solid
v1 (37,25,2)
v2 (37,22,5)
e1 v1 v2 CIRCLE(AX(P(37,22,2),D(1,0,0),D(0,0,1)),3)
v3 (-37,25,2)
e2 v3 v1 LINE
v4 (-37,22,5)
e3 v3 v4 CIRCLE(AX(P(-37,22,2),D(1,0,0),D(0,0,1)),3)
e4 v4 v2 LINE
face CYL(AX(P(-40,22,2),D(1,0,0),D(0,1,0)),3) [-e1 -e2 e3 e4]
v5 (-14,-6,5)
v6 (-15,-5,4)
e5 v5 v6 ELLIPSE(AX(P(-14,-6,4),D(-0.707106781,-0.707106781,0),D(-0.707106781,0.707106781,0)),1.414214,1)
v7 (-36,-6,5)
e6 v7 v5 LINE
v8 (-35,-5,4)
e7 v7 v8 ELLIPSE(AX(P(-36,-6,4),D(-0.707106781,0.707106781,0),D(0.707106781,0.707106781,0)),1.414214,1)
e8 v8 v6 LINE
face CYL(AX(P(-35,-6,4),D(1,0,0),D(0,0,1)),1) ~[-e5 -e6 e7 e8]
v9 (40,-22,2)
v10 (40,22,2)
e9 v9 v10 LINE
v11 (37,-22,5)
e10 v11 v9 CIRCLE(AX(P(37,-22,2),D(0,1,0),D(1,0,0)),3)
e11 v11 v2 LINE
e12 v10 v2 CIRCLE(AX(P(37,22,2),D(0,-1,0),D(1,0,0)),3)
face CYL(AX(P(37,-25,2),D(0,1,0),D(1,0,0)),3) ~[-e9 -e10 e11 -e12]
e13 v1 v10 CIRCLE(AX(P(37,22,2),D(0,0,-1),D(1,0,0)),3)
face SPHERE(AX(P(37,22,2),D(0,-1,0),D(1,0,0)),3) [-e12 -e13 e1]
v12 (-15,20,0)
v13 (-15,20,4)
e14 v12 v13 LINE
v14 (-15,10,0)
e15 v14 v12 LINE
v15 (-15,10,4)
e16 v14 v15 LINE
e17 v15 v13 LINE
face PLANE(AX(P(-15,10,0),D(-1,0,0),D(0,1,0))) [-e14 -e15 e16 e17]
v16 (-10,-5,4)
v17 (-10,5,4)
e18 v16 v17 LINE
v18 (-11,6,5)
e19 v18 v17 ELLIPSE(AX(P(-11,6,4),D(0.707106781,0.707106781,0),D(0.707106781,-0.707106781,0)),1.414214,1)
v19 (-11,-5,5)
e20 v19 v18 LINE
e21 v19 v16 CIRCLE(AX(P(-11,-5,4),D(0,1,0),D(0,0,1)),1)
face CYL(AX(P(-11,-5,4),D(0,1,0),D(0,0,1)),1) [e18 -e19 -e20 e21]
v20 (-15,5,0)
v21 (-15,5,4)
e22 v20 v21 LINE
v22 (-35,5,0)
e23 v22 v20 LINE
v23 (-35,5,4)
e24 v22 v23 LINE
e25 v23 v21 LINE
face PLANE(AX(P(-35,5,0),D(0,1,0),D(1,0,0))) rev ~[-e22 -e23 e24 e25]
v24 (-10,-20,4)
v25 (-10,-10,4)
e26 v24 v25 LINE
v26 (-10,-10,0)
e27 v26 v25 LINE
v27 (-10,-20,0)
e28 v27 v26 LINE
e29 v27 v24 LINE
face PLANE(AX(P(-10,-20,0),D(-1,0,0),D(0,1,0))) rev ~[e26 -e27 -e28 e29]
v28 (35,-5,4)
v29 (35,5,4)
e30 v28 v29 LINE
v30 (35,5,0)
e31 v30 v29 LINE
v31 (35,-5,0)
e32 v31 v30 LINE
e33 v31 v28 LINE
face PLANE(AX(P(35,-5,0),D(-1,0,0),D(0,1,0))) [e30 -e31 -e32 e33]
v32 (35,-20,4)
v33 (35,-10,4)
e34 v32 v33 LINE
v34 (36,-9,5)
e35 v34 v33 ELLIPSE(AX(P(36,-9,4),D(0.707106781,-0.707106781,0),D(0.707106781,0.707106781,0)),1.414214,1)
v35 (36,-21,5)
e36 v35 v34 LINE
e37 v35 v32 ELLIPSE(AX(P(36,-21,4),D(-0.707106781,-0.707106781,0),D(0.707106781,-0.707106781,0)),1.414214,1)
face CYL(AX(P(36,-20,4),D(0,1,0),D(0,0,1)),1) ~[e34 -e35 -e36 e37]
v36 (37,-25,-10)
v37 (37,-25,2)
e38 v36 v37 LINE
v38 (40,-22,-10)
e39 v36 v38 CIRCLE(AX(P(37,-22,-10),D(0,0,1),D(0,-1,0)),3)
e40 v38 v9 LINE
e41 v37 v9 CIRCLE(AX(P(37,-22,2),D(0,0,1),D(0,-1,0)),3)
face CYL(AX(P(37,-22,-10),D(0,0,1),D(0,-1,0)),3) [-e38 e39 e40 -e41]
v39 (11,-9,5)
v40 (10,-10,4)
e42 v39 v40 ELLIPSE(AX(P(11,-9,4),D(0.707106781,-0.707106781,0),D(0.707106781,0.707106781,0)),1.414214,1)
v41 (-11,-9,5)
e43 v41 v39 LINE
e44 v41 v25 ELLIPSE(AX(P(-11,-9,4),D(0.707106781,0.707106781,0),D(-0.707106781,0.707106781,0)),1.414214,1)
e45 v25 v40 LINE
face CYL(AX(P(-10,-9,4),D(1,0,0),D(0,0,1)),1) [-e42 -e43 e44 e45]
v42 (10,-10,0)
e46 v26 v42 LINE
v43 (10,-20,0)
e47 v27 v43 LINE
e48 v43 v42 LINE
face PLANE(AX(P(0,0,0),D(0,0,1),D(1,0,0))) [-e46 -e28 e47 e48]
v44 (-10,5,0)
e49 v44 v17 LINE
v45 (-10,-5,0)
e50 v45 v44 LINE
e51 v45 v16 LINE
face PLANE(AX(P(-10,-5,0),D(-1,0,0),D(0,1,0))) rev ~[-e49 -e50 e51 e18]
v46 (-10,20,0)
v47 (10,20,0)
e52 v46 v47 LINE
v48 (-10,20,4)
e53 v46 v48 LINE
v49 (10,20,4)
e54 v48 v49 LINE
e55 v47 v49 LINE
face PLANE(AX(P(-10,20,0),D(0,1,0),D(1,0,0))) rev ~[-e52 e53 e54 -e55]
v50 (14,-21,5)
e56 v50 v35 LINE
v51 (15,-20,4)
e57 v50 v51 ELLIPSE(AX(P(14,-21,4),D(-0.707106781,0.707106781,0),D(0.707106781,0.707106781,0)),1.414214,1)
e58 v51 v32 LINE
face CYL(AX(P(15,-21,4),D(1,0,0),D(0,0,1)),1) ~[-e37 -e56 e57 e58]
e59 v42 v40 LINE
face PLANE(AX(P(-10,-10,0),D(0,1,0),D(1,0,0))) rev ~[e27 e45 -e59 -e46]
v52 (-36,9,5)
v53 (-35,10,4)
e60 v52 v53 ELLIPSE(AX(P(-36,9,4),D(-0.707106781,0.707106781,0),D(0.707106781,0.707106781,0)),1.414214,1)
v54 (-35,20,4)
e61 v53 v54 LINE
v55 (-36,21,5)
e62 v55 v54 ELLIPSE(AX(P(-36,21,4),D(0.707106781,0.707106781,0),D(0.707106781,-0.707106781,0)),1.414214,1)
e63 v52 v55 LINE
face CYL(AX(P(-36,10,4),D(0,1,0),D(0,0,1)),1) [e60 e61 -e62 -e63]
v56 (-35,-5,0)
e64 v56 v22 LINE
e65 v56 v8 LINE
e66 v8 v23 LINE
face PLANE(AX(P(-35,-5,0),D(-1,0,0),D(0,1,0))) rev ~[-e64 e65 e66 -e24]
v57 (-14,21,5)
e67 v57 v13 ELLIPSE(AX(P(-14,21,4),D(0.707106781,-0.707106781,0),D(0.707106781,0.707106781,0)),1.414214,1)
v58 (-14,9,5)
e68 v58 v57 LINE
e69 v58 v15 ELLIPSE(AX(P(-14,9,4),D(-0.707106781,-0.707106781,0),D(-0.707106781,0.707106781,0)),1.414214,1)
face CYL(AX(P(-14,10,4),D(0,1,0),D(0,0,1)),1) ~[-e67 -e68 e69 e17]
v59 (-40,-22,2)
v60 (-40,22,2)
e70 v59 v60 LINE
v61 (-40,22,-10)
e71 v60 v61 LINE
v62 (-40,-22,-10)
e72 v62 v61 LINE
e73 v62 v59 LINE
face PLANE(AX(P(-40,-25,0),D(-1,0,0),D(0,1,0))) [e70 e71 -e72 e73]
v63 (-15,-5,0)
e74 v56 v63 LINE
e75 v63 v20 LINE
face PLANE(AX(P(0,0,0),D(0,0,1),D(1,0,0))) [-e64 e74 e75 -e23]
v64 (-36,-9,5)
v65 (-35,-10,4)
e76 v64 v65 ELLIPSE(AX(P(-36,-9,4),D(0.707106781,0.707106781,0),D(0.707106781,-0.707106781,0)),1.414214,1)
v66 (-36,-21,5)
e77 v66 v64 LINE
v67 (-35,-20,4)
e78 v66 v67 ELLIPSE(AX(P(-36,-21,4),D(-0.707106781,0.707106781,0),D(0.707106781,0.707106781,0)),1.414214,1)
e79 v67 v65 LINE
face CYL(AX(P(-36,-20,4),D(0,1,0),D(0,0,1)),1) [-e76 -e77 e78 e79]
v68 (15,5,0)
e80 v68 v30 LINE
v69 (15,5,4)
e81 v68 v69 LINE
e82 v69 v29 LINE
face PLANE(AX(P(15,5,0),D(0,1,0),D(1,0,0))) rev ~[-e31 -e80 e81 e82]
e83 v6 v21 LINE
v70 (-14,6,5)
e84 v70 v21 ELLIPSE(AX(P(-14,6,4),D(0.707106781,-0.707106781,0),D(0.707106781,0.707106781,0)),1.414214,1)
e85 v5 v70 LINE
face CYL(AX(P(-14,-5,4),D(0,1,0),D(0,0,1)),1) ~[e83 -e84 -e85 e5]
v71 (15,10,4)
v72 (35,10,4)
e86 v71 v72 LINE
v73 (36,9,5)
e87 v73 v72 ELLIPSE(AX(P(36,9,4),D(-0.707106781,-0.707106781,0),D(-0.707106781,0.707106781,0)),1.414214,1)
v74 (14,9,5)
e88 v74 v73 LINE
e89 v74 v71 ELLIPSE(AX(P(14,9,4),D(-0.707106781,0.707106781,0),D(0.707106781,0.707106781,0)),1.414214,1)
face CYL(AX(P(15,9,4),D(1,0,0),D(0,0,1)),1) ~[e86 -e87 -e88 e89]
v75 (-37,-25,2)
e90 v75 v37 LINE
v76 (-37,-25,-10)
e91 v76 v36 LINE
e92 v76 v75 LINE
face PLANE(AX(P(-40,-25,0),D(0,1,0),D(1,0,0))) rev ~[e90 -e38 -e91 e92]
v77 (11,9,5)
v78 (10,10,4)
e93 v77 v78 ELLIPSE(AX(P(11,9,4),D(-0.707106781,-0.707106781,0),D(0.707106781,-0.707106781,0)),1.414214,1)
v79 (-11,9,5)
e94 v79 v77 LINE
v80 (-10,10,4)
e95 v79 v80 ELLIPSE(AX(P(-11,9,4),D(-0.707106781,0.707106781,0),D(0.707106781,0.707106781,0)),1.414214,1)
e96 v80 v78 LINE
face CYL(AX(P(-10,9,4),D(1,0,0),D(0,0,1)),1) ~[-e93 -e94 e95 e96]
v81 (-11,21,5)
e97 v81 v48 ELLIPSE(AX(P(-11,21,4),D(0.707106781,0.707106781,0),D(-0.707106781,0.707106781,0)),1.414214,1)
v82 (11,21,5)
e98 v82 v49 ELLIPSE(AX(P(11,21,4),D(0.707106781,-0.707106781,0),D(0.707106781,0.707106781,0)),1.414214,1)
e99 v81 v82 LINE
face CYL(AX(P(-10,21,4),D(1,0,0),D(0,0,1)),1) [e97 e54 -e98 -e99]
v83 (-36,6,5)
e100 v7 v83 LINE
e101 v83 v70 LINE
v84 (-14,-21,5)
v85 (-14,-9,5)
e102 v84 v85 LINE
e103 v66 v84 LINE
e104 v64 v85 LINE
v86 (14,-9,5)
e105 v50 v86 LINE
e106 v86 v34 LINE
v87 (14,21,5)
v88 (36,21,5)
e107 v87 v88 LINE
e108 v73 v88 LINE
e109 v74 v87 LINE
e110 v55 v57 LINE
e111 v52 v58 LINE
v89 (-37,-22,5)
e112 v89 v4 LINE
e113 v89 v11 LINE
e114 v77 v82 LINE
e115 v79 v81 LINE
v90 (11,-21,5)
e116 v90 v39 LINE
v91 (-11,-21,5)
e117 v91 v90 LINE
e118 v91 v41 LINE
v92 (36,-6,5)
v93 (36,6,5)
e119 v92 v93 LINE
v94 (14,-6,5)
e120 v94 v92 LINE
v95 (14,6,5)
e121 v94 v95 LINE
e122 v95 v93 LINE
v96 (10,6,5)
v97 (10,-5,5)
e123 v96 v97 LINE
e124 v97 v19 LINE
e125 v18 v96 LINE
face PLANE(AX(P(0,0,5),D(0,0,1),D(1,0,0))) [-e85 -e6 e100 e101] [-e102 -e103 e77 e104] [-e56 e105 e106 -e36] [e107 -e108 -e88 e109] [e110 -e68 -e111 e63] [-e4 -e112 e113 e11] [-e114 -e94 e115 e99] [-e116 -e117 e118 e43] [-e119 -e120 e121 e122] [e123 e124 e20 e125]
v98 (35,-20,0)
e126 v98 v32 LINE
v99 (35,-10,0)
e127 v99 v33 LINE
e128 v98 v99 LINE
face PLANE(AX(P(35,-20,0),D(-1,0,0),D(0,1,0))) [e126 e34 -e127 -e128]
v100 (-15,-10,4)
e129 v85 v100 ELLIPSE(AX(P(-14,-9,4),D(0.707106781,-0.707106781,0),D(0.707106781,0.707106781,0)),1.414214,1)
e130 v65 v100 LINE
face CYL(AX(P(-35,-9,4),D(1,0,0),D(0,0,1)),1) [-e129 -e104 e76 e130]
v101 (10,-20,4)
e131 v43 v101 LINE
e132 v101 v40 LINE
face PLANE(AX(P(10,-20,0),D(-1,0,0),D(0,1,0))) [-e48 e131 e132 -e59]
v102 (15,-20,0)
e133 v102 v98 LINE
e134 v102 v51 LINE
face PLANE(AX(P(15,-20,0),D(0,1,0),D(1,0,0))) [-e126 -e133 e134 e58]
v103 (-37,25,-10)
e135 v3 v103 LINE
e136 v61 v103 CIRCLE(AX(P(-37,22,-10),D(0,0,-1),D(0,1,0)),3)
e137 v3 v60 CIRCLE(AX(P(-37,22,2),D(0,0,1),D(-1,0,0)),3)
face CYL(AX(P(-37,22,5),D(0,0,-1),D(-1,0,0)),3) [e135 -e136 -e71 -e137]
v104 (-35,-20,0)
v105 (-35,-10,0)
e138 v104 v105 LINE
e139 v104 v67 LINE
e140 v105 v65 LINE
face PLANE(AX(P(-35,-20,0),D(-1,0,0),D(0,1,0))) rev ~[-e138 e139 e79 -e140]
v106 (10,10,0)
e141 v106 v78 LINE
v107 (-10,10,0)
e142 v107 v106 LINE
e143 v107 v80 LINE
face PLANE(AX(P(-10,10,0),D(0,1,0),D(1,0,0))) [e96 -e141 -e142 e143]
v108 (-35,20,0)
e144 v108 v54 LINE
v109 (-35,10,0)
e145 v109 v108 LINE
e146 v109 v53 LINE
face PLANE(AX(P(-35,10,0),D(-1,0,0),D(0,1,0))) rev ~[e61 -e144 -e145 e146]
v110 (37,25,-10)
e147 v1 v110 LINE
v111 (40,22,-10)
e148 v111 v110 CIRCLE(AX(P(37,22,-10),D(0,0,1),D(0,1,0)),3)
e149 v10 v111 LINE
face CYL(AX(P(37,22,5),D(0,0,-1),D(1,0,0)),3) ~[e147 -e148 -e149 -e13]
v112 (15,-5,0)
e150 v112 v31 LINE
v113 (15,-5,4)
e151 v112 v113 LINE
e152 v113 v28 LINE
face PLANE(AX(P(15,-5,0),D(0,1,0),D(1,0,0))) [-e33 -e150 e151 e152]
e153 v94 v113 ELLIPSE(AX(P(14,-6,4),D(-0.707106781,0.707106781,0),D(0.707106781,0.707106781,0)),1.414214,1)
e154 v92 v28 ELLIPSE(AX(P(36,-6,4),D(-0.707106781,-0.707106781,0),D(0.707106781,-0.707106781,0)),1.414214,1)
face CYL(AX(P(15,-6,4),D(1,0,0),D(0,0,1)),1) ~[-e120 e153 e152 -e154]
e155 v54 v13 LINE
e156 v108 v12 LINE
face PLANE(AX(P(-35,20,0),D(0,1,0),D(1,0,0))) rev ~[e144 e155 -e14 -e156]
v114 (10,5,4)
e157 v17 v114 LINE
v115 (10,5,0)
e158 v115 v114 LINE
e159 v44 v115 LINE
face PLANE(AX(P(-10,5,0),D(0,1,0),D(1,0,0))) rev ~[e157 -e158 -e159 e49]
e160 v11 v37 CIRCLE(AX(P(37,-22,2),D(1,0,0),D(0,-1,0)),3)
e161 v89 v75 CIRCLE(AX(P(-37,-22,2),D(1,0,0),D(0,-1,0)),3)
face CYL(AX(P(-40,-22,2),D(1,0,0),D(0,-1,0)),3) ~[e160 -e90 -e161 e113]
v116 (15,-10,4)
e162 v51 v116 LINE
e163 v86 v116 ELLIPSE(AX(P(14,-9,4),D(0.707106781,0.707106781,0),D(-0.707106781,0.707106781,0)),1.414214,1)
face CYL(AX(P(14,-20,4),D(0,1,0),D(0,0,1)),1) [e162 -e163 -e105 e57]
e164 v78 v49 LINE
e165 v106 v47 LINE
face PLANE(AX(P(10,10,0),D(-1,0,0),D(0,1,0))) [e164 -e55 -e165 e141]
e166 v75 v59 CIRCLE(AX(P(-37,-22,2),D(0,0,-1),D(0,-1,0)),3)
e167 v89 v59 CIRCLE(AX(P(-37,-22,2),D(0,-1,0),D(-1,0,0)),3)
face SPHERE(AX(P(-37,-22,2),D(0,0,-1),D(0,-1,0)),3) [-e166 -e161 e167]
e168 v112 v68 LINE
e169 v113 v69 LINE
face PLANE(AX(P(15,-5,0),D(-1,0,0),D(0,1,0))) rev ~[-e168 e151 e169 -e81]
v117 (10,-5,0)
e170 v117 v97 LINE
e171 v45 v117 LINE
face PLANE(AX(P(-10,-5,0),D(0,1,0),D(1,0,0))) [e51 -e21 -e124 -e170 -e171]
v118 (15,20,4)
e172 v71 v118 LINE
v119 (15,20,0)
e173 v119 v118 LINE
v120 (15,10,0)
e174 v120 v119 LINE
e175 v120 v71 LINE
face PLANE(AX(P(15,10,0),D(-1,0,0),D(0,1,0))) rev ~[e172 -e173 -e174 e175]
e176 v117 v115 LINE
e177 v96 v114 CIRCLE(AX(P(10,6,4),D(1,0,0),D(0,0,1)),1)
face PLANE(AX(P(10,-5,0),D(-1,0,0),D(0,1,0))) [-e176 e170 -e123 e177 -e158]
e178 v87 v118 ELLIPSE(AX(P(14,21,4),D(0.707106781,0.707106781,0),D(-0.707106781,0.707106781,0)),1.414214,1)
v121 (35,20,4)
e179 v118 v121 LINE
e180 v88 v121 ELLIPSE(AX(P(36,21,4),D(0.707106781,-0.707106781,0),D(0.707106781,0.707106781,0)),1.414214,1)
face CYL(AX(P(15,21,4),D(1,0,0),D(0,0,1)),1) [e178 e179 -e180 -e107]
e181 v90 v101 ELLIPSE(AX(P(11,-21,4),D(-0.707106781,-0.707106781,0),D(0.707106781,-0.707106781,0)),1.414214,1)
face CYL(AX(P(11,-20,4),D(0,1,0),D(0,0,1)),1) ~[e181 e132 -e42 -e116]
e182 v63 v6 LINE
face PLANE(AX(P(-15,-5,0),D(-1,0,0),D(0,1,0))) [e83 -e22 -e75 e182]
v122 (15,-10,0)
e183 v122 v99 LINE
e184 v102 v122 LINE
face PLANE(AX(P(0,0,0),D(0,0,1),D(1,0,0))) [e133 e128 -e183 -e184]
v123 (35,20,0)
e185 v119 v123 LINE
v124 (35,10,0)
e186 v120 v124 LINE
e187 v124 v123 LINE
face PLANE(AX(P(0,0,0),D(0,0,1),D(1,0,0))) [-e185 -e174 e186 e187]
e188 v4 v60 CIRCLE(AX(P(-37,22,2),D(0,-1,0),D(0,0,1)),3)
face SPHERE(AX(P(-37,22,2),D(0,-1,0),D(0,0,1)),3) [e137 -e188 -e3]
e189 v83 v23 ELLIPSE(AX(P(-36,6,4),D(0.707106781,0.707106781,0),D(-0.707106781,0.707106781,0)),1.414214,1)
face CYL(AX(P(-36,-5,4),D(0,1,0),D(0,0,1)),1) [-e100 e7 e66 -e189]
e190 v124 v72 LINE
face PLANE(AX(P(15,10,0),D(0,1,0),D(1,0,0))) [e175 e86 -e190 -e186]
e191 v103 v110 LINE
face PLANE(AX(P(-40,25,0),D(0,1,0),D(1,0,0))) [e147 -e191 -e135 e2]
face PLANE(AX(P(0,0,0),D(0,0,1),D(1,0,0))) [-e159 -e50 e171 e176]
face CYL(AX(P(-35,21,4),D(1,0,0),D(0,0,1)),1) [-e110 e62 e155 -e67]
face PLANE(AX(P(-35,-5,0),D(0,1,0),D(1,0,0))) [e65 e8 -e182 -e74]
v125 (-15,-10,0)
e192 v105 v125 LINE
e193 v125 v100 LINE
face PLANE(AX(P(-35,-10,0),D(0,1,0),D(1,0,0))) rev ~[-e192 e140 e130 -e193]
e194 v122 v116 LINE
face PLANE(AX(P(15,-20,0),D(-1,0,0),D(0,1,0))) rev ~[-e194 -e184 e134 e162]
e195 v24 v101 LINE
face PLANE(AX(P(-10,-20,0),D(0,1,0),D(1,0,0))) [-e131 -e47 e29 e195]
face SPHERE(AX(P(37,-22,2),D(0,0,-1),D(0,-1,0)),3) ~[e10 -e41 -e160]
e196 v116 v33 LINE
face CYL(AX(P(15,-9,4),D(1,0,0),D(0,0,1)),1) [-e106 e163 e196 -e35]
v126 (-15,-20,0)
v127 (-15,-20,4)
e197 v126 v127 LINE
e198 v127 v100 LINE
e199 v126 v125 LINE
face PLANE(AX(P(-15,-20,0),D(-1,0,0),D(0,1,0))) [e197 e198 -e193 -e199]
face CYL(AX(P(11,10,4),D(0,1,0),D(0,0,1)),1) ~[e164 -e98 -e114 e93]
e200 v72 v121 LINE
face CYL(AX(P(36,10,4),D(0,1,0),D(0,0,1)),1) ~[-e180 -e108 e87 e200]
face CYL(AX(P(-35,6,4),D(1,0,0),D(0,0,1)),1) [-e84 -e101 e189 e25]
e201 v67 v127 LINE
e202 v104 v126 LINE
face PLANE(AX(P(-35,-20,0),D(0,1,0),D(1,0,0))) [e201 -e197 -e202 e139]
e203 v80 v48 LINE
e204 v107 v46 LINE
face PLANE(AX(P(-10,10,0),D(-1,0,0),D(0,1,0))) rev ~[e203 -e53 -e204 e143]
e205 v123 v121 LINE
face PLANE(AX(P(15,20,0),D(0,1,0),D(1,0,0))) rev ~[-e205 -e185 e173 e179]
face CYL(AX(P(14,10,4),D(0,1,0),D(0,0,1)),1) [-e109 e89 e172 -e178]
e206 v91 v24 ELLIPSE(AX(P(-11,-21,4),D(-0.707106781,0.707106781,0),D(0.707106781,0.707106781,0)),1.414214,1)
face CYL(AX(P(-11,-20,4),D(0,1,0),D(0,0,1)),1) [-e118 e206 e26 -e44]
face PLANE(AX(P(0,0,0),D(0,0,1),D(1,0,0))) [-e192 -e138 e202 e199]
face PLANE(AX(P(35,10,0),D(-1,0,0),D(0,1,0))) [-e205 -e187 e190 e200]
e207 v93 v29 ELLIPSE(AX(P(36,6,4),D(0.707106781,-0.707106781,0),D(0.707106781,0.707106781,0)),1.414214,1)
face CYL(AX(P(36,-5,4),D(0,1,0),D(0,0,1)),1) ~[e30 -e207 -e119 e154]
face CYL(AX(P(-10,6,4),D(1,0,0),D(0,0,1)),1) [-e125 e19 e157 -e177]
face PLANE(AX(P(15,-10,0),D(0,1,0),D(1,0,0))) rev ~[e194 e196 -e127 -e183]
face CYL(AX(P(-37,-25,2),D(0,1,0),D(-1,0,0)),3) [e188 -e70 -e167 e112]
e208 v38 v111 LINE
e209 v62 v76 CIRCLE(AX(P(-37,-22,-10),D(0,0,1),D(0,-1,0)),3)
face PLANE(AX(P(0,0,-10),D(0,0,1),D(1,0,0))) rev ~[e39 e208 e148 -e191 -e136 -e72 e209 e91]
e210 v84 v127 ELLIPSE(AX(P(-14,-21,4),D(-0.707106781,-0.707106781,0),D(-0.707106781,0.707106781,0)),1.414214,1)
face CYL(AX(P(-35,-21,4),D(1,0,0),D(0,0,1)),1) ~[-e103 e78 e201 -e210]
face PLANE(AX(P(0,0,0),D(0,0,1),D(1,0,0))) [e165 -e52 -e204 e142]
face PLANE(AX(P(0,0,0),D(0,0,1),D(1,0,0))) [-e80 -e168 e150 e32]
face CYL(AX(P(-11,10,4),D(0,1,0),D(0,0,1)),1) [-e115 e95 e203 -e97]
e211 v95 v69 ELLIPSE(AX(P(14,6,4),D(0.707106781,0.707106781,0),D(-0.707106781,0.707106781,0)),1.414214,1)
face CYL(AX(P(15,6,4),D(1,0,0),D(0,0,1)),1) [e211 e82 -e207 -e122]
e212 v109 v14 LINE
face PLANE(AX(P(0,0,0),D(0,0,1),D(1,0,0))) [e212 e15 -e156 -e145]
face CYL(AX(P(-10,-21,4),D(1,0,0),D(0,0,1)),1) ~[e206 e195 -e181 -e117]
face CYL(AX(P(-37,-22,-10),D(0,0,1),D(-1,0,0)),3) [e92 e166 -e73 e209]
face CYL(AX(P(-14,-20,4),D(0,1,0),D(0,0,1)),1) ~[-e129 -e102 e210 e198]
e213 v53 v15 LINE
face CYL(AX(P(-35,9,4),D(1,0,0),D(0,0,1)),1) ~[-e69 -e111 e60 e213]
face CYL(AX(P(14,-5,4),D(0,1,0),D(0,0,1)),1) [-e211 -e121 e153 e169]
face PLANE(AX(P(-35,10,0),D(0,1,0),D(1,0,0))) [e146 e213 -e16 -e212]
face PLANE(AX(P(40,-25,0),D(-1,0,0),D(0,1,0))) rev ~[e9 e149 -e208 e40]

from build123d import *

# Parameters (mm, degrees)
F0_W     = 80
F0_H     = 50
F0_W_2   = 20
F0_H_2   = 10
F1_DEPTH = 10
F2_DEPTH = 5
F3_R     = 3
F4_R     = 1


with BuildPart() as f1:
    # F0 (on Top) → F1 (new body)
    with BuildSketch(Plane.XY):
        Rectangle(F0_W, F0_H)
        with Locations((-25, -15)):
            Rectangle(F0_W_2, F0_H_2, mode=Mode.SUBTRACT)
        with Locations((0, -15)):
            Rectangle(F0_W_2, F0_H_2, mode=Mode.SUBTRACT)
        with Locations((25, -15)):
            Rectangle(F0_W_2, F0_H_2, mode=Mode.SUBTRACT)
        with Locations((-25, 0)):
            Rectangle(F0_W_2, F0_H_2, mode=Mode.SUBTRACT)
        with Locations((-25, 15)):
            Rectangle(F0_W_2, F0_H_2, mode=Mode.SUBTRACT)
        Rectangle(F0_W_2, F0_H_2, mode=Mode.SUBTRACT)
        with Locations((25, 0)):
            Rectangle(F0_W_2, F0_H_2, mode=Mode.SUBTRACT)
        with Locations((0, 15)):
            Rectangle(F0_W_2, F0_H_2, mode=Mode.SUBTRACT)
        with Locations((25, 15)):
            Rectangle(F0_W_2, F0_H_2, mode=Mode.SUBTRACT)
        with Locations((-25, 15)):
            Rectangle(F0_W_2, F0_H_2)
        with Locations((0, 15)):
            Rectangle(F0_W_2, F0_H_2)
        with Locations((25, 15)):
            Rectangle(F0_W_2, F0_H_2)
        with Locations((25, 0)):
            Rectangle(F0_W_2, F0_H_2)
        Rectangle(F0_W_2, F0_H_2)
        with Locations((-25, 0)):
            Rectangle(F0_W_2, F0_H_2)
        with Locations((-25, -15)):
            Rectangle(F0_W_2, F0_H_2)
        with Locations((0, -15)):
            Rectangle(F0_W_2, F0_H_2)
        with Locations((25, -15)):
            Rectangle(F0_W_2, F0_H_2)
    extrude(amount=-F1_DEPTH)

    # F0 (on Top) → F2 (join)
    with BuildSketch(Plane.XY):
        Rectangle(F0_W, F0_H)
        with Locations((-25, -15)):
            Rectangle(F0_W_2, F0_H_2, mode=Mode.SUBTRACT)
        with Locations((0, -15)):
            Rectangle(F0_W_2, F0_H_2, mode=Mode.SUBTRACT)
        with Locations((25, -15)):
            Rectangle(F0_W_2, F0_H_2, mode=Mode.SUBTRACT)
        with Locations((-25, 0)):
            Rectangle(F0_W_2, F0_H_2, mode=Mode.SUBTRACT)
        with Locations((-25, 15)):
            Rectangle(F0_W_2, F0_H_2, mode=Mode.SUBTRACT)
        Rectangle(F0_W_2, F0_H_2, mode=Mode.SUBTRACT)
        with Locations((25, 0)):
            Rectangle(F0_W_2, F0_H_2, mode=Mode.SUBTRACT)
        with Locations((0, 15)):
            Rectangle(F0_W_2, F0_H_2, mode=Mode.SUBTRACT)
        with Locations((25, 15)):
            Rectangle(F0_W_2, F0_H_2, mode=Mode.SUBTRACT)
    extrude(amount=F2_DEPTH)

    # F3
    f3_edges = [f1.edges().sort_by_distance(p)[0] for p in [
        (-40, -25, -2.5),
        (40, -25, -2.5),
        (0, -25, 5),
        (-40, 0, 5),
        (40, 0, 5),
        (40, 25, -2.5),
        (0, 25, 5),
        (-40, 25, -2.5),
    ]]
    fillet(f3_edges, radius=F3_R)

    # F4
    f4_edges = [f1.edges().sort_by_distance(p)[0] for p in [
        (-15, -15, 5),
        (-25, -10, 5),
        (-35, -15, 5),
        (-25, -20, 5),
        (-15, 0, 5),
        (-25, -5, 5),
        (-35, 0, 5),
        (-25, 5, 5),
        (-25, 20, 5),
        (-15, 15, 5),
        (-25, 10, 5),
        (-35, 15, 5),
        (-10, 15, 5),
        (0, 20, 5),
        (0, 10, 5),
        (10, 15, 5),
        (0, 5, 5),
        (-10, 0, 5),
        (-10, -15, 5),
        (0, -10, 5),
        (0, -20, 5),
        (10, -15, 5),
        (15, 0, 5),
        (25, 5, 5),
        (15, 15, 5),
        (25, 20, 5),
        (25, -5, 5),
        (15, -15, 5),
        (25, -10, 5),
        (25, -20, 5),
        (35, -15, 5),
        (35, 0, 5),
        (35, 15, 5),
        (25, 10, 5),
    ]]
    fillet(f4_edges, radius=F4_R)


solid = f1.part
